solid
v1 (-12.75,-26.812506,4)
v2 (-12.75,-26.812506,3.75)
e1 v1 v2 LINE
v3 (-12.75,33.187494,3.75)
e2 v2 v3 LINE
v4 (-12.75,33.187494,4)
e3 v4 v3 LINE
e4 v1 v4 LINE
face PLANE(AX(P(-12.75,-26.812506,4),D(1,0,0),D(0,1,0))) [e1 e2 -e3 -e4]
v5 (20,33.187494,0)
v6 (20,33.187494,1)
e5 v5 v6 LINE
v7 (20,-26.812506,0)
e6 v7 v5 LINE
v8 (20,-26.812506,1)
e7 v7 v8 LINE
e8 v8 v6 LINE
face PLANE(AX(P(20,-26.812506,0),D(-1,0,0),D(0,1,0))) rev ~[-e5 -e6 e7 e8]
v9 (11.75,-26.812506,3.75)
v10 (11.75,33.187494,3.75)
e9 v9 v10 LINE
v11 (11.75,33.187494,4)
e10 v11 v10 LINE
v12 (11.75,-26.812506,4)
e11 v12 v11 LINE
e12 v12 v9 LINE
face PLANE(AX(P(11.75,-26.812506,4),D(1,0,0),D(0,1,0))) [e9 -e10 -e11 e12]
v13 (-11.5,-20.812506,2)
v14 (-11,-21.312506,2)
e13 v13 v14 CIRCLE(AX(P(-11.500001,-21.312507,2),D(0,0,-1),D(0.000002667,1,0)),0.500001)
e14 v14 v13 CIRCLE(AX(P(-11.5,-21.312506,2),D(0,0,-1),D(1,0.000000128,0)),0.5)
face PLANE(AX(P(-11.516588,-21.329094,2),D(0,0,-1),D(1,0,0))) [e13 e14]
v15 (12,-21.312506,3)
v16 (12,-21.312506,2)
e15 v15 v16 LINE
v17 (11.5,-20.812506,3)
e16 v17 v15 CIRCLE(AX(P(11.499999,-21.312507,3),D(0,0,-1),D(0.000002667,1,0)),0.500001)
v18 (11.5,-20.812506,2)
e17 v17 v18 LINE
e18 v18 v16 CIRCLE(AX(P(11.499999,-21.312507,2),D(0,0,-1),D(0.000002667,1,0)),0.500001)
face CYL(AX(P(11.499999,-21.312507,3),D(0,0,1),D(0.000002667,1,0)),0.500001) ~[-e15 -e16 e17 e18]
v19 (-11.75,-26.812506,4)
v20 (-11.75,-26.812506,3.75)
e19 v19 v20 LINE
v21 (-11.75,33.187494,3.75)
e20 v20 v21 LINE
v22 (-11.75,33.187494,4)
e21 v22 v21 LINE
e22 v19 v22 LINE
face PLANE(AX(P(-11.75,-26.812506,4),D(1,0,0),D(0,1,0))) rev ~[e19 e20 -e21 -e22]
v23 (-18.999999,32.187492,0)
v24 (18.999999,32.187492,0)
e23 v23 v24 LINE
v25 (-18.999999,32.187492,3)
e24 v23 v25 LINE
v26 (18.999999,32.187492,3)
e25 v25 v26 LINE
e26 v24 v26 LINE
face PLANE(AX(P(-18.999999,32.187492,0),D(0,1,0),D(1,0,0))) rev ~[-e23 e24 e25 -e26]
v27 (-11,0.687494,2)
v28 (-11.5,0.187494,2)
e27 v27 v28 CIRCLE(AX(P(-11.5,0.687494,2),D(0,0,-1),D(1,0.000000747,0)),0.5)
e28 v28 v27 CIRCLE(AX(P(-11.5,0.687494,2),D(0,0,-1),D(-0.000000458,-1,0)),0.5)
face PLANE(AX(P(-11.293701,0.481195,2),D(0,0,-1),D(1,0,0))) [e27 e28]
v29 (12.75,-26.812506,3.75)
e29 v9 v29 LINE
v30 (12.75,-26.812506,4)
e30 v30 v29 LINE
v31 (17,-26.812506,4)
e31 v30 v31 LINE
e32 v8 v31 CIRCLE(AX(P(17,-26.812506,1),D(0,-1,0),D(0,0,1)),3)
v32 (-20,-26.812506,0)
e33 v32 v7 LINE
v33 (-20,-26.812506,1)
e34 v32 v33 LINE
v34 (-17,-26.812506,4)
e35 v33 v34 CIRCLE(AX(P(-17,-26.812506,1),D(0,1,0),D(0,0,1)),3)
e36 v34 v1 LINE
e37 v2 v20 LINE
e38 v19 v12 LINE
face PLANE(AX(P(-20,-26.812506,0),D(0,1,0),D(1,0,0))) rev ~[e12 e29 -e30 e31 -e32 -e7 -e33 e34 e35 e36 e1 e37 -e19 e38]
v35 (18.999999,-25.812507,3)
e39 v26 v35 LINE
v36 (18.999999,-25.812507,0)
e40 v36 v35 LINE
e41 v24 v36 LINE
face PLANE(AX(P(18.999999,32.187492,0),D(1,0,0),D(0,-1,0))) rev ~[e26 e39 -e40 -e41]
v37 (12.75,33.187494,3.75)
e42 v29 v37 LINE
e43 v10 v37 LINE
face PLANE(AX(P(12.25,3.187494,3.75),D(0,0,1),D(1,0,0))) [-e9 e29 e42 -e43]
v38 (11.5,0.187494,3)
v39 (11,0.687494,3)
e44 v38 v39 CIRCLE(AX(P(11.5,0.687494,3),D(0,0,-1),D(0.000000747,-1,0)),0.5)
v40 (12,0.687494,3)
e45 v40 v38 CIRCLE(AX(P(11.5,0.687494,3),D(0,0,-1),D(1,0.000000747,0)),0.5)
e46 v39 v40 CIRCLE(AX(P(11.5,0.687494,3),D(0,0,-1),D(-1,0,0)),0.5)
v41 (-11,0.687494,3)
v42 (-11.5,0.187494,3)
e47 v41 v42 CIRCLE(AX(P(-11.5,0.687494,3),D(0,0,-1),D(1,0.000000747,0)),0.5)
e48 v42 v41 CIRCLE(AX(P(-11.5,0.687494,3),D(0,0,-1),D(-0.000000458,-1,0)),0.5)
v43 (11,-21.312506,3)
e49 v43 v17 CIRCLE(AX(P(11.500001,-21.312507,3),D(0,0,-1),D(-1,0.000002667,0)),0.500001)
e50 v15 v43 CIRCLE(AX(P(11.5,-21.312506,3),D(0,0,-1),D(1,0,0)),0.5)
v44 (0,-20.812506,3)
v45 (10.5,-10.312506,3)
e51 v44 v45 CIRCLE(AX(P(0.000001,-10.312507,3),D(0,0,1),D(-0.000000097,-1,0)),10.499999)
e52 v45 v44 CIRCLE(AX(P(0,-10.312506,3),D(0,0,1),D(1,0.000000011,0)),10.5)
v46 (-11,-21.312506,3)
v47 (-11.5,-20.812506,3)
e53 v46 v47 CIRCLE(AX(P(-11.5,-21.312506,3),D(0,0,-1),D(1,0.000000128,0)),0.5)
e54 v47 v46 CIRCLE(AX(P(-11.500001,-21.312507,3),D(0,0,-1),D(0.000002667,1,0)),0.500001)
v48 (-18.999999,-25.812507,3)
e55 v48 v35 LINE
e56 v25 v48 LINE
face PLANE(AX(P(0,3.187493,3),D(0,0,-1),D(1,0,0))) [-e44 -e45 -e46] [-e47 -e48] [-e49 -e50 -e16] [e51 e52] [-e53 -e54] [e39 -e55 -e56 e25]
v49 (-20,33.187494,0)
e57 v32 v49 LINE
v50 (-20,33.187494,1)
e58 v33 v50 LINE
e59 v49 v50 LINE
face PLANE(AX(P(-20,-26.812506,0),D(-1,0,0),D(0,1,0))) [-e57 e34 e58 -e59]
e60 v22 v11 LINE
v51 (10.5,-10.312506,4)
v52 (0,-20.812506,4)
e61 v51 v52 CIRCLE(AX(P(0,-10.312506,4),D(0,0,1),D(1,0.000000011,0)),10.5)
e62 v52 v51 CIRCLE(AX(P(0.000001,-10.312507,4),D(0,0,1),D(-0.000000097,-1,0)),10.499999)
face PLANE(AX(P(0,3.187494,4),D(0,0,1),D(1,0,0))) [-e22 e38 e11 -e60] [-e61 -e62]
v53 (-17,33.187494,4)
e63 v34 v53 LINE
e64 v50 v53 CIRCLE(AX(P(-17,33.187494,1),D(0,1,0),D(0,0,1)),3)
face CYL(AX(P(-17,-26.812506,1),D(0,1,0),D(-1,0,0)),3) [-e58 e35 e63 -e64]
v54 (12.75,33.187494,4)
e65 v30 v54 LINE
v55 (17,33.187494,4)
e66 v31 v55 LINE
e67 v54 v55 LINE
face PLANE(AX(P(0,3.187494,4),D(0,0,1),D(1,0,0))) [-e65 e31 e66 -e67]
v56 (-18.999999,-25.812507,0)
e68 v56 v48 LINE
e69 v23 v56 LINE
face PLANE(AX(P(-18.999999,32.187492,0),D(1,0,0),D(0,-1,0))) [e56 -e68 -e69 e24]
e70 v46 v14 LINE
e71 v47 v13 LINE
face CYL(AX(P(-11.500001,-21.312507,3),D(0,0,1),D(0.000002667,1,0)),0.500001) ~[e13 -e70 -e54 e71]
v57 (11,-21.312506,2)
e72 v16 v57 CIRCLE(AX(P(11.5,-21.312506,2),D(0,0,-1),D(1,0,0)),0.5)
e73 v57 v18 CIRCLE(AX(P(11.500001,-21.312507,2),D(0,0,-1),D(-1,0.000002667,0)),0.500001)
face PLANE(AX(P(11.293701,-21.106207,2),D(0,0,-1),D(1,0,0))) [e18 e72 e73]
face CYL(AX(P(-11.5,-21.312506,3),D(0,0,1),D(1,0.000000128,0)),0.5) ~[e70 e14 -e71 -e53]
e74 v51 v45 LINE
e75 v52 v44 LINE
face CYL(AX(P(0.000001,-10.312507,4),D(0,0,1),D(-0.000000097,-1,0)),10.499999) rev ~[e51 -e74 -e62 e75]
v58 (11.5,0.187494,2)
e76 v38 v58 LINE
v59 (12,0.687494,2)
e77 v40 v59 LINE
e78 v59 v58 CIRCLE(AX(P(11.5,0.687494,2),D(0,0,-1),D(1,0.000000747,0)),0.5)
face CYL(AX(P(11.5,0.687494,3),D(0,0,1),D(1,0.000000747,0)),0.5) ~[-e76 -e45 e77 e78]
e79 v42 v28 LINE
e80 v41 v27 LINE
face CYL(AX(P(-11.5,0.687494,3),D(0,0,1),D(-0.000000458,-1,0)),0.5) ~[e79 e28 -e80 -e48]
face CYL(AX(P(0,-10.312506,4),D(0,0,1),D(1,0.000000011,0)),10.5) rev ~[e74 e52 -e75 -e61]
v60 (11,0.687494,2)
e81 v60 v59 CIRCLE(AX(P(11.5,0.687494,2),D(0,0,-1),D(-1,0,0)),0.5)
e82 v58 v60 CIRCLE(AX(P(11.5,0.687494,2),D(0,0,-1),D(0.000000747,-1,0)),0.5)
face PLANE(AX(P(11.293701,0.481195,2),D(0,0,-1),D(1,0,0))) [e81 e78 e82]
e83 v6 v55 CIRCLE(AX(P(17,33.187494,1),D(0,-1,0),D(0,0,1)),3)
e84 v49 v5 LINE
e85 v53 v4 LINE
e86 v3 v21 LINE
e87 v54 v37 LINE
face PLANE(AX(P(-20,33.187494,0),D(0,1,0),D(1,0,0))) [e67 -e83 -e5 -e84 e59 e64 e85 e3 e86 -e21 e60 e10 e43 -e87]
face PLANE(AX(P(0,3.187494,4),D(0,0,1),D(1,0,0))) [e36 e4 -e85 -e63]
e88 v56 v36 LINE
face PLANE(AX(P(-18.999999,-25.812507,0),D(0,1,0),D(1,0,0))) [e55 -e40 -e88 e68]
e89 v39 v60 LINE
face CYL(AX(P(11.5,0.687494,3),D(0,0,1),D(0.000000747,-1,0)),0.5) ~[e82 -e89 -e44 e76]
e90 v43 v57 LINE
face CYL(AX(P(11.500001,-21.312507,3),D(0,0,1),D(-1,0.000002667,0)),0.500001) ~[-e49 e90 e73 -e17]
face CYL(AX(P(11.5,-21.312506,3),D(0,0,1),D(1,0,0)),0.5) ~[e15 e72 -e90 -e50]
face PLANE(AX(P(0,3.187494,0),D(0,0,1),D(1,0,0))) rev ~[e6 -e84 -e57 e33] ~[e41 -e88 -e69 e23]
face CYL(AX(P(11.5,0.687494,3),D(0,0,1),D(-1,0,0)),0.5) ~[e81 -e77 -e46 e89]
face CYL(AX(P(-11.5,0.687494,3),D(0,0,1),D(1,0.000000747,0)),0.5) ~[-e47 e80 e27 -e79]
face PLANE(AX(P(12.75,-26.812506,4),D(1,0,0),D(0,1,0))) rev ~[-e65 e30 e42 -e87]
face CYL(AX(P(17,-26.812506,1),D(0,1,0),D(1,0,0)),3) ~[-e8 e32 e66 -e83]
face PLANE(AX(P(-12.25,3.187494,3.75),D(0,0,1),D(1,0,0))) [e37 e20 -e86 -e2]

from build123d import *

# Parameters (mm, degrees)
F0_W      = 40
F0_H      = 60
F1_DEPTH  = 4
F2_W      = 1
F2_H      = 60
F3_DEPTH  = 0.25
F4_R      = 3
F6_DEPTH  = 25
F7_W      = 37.999998
F7_H      = 57.999999
F8_DEPTH  = 3
F10_DEPTH = 1


with BuildPart() as f1:
    # F0 (on Top) → F1 (new body)
    with BuildSketch(Plane.XY):
        with Locations((0, 3.187494)):
            Rectangle(F0_W, F0_H)
    extrude(amount=F1_DEPTH)

    # F2 (on face) → F3 (cut)
    with BuildSketch(Plane.XY.offset(4)):
        with Locations((-12.25, 3.187494)):
            Rectangle(F2_W, F2_H)
        with Locations((12.25, 3.187494)):
            Rectangle(F2_W, F2_H)
    extrude(amount=-F3_DEPTH, mode=Mode.SUBTRACT)

    # F4
    f4_edges = [f1.edges().sort_by_distance(p)[0] for p in [
        (-20, 3.187494, 4),
        (20, 3.187494, 4),
    ]]
    fillet(f4_edges, radius=F4_R)

    # F5 (on face) → F6 (cut)
    with BuildSketch(Plane.XY.offset(4)):
        with BuildLine():
            ThreePointArc((0, -20.812506), (7.424621, -17.737128), (10.5, -10.312506))
            ThreePointArc((10.5, -10.312506), (-7.424621, -2.887885), (0, -20.812506))
        make_face()
    extrude(amount=-F6_DEPTH, mode=Mode.SUBTRACT)

    # F7 (on face) → F8 (cut)
    with BuildSketch(Plane(origin=(0, 0, 0), x_dir=(1, 0, 0), z_dir=(0, 0, -1))):
        with Locations((0, -3.187493)):
            Rectangle(F7_W, F7_H)
    extrude(amount=-F8_DEPTH, mode=Mode.SUBTRACT)

    # F9 (on face) → F10 (join)
    with BuildSketch(Plane(origin=(0, 0, 3), x_dir=(1, 0, 0), z_dir=(0, 0, -1))):
        with BuildLine():
            Line((11.5, 21.312506), (11, 21.312506))
            ThreePointArc((11, 21.312506), (11.146447, 20.958953), (11.5, 20.812506))
            Line((11.5, 20.812506), (11.5, 21.312506))
        make_face()
        with BuildLine():
            ThreePointArc((12, 21.312506), (11.5, 21.812506), (11, 21.312506))
            Line((11, 21.312506), (11.5, 21.312506))
            Line((11.5, 21.312506), (11.5, 20.812506))
            ThreePointArc((11.5, 20.812506), (11.853553, 20.958953), (12, 21.312506))
        make_face()
        with BuildLine():
            Line((-11.5, 21.312506), (-11, 21.312506))
            ThreePointArc((-11, 21.312506), (-11.853553, 21.66606), (-11.5, 20.812506))
            Line((-11.5, 20.812506), (-11.5, 21.312506))
        make_face()
        with BuildLine():
            ThreePointArc((-11.5, 20.812506), (-11.146447, 20.958953), (-11, 21.312506))
            Line((-11, 21.312506), (-11.5, 21.312506))
            Line((-11.5, 21.312506), (-11.5, 20.812506))
        make_face()
        with BuildLine():
            Line((11.5, -0.687494), (11.5, -0.187494))
            ThreePointArc((11.5, -0.187494), (11.146447, -0.33394), (11, -0.687494))
            Line((11, -0.687494), (11.5, -0.687494))
        make_face()
        with BuildLine():
            ThreePointArc((12, -0.687494), (11.853553, -0.33394), (11.5, -0.187494))
            Line((11.5, -0.187494), (11.5, -0.687494))
            Line((11.5, -0.687494), (11, -0.687494))
            ThreePointArc((11, -0.687494), (11.5, -1.187494), (12, -0.687494))
        make_face()
        with BuildLine():
            ThreePointArc((-11, -0.687494), (-11.146447, -0.33394), (-11.5, -0.187494))
            Line((-11.5, -0.187494), (-11.5, -0.687494))
            Line((-11.5, -0.687494), (-11, -0.687494))
        make_face()
        with BuildLine():
            Line((-11.5, -0.687494), (-11.5, -0.187494))
            ThreePointArc((-11.5, -0.187494), (-11.853553, -1.041047), (-11, -0.687494))
            Line((-11, -0.687494), (-11.5, -0.687494))
        make_face()
    extrude(amount=F10_DEPTH)


solid = f1.part
